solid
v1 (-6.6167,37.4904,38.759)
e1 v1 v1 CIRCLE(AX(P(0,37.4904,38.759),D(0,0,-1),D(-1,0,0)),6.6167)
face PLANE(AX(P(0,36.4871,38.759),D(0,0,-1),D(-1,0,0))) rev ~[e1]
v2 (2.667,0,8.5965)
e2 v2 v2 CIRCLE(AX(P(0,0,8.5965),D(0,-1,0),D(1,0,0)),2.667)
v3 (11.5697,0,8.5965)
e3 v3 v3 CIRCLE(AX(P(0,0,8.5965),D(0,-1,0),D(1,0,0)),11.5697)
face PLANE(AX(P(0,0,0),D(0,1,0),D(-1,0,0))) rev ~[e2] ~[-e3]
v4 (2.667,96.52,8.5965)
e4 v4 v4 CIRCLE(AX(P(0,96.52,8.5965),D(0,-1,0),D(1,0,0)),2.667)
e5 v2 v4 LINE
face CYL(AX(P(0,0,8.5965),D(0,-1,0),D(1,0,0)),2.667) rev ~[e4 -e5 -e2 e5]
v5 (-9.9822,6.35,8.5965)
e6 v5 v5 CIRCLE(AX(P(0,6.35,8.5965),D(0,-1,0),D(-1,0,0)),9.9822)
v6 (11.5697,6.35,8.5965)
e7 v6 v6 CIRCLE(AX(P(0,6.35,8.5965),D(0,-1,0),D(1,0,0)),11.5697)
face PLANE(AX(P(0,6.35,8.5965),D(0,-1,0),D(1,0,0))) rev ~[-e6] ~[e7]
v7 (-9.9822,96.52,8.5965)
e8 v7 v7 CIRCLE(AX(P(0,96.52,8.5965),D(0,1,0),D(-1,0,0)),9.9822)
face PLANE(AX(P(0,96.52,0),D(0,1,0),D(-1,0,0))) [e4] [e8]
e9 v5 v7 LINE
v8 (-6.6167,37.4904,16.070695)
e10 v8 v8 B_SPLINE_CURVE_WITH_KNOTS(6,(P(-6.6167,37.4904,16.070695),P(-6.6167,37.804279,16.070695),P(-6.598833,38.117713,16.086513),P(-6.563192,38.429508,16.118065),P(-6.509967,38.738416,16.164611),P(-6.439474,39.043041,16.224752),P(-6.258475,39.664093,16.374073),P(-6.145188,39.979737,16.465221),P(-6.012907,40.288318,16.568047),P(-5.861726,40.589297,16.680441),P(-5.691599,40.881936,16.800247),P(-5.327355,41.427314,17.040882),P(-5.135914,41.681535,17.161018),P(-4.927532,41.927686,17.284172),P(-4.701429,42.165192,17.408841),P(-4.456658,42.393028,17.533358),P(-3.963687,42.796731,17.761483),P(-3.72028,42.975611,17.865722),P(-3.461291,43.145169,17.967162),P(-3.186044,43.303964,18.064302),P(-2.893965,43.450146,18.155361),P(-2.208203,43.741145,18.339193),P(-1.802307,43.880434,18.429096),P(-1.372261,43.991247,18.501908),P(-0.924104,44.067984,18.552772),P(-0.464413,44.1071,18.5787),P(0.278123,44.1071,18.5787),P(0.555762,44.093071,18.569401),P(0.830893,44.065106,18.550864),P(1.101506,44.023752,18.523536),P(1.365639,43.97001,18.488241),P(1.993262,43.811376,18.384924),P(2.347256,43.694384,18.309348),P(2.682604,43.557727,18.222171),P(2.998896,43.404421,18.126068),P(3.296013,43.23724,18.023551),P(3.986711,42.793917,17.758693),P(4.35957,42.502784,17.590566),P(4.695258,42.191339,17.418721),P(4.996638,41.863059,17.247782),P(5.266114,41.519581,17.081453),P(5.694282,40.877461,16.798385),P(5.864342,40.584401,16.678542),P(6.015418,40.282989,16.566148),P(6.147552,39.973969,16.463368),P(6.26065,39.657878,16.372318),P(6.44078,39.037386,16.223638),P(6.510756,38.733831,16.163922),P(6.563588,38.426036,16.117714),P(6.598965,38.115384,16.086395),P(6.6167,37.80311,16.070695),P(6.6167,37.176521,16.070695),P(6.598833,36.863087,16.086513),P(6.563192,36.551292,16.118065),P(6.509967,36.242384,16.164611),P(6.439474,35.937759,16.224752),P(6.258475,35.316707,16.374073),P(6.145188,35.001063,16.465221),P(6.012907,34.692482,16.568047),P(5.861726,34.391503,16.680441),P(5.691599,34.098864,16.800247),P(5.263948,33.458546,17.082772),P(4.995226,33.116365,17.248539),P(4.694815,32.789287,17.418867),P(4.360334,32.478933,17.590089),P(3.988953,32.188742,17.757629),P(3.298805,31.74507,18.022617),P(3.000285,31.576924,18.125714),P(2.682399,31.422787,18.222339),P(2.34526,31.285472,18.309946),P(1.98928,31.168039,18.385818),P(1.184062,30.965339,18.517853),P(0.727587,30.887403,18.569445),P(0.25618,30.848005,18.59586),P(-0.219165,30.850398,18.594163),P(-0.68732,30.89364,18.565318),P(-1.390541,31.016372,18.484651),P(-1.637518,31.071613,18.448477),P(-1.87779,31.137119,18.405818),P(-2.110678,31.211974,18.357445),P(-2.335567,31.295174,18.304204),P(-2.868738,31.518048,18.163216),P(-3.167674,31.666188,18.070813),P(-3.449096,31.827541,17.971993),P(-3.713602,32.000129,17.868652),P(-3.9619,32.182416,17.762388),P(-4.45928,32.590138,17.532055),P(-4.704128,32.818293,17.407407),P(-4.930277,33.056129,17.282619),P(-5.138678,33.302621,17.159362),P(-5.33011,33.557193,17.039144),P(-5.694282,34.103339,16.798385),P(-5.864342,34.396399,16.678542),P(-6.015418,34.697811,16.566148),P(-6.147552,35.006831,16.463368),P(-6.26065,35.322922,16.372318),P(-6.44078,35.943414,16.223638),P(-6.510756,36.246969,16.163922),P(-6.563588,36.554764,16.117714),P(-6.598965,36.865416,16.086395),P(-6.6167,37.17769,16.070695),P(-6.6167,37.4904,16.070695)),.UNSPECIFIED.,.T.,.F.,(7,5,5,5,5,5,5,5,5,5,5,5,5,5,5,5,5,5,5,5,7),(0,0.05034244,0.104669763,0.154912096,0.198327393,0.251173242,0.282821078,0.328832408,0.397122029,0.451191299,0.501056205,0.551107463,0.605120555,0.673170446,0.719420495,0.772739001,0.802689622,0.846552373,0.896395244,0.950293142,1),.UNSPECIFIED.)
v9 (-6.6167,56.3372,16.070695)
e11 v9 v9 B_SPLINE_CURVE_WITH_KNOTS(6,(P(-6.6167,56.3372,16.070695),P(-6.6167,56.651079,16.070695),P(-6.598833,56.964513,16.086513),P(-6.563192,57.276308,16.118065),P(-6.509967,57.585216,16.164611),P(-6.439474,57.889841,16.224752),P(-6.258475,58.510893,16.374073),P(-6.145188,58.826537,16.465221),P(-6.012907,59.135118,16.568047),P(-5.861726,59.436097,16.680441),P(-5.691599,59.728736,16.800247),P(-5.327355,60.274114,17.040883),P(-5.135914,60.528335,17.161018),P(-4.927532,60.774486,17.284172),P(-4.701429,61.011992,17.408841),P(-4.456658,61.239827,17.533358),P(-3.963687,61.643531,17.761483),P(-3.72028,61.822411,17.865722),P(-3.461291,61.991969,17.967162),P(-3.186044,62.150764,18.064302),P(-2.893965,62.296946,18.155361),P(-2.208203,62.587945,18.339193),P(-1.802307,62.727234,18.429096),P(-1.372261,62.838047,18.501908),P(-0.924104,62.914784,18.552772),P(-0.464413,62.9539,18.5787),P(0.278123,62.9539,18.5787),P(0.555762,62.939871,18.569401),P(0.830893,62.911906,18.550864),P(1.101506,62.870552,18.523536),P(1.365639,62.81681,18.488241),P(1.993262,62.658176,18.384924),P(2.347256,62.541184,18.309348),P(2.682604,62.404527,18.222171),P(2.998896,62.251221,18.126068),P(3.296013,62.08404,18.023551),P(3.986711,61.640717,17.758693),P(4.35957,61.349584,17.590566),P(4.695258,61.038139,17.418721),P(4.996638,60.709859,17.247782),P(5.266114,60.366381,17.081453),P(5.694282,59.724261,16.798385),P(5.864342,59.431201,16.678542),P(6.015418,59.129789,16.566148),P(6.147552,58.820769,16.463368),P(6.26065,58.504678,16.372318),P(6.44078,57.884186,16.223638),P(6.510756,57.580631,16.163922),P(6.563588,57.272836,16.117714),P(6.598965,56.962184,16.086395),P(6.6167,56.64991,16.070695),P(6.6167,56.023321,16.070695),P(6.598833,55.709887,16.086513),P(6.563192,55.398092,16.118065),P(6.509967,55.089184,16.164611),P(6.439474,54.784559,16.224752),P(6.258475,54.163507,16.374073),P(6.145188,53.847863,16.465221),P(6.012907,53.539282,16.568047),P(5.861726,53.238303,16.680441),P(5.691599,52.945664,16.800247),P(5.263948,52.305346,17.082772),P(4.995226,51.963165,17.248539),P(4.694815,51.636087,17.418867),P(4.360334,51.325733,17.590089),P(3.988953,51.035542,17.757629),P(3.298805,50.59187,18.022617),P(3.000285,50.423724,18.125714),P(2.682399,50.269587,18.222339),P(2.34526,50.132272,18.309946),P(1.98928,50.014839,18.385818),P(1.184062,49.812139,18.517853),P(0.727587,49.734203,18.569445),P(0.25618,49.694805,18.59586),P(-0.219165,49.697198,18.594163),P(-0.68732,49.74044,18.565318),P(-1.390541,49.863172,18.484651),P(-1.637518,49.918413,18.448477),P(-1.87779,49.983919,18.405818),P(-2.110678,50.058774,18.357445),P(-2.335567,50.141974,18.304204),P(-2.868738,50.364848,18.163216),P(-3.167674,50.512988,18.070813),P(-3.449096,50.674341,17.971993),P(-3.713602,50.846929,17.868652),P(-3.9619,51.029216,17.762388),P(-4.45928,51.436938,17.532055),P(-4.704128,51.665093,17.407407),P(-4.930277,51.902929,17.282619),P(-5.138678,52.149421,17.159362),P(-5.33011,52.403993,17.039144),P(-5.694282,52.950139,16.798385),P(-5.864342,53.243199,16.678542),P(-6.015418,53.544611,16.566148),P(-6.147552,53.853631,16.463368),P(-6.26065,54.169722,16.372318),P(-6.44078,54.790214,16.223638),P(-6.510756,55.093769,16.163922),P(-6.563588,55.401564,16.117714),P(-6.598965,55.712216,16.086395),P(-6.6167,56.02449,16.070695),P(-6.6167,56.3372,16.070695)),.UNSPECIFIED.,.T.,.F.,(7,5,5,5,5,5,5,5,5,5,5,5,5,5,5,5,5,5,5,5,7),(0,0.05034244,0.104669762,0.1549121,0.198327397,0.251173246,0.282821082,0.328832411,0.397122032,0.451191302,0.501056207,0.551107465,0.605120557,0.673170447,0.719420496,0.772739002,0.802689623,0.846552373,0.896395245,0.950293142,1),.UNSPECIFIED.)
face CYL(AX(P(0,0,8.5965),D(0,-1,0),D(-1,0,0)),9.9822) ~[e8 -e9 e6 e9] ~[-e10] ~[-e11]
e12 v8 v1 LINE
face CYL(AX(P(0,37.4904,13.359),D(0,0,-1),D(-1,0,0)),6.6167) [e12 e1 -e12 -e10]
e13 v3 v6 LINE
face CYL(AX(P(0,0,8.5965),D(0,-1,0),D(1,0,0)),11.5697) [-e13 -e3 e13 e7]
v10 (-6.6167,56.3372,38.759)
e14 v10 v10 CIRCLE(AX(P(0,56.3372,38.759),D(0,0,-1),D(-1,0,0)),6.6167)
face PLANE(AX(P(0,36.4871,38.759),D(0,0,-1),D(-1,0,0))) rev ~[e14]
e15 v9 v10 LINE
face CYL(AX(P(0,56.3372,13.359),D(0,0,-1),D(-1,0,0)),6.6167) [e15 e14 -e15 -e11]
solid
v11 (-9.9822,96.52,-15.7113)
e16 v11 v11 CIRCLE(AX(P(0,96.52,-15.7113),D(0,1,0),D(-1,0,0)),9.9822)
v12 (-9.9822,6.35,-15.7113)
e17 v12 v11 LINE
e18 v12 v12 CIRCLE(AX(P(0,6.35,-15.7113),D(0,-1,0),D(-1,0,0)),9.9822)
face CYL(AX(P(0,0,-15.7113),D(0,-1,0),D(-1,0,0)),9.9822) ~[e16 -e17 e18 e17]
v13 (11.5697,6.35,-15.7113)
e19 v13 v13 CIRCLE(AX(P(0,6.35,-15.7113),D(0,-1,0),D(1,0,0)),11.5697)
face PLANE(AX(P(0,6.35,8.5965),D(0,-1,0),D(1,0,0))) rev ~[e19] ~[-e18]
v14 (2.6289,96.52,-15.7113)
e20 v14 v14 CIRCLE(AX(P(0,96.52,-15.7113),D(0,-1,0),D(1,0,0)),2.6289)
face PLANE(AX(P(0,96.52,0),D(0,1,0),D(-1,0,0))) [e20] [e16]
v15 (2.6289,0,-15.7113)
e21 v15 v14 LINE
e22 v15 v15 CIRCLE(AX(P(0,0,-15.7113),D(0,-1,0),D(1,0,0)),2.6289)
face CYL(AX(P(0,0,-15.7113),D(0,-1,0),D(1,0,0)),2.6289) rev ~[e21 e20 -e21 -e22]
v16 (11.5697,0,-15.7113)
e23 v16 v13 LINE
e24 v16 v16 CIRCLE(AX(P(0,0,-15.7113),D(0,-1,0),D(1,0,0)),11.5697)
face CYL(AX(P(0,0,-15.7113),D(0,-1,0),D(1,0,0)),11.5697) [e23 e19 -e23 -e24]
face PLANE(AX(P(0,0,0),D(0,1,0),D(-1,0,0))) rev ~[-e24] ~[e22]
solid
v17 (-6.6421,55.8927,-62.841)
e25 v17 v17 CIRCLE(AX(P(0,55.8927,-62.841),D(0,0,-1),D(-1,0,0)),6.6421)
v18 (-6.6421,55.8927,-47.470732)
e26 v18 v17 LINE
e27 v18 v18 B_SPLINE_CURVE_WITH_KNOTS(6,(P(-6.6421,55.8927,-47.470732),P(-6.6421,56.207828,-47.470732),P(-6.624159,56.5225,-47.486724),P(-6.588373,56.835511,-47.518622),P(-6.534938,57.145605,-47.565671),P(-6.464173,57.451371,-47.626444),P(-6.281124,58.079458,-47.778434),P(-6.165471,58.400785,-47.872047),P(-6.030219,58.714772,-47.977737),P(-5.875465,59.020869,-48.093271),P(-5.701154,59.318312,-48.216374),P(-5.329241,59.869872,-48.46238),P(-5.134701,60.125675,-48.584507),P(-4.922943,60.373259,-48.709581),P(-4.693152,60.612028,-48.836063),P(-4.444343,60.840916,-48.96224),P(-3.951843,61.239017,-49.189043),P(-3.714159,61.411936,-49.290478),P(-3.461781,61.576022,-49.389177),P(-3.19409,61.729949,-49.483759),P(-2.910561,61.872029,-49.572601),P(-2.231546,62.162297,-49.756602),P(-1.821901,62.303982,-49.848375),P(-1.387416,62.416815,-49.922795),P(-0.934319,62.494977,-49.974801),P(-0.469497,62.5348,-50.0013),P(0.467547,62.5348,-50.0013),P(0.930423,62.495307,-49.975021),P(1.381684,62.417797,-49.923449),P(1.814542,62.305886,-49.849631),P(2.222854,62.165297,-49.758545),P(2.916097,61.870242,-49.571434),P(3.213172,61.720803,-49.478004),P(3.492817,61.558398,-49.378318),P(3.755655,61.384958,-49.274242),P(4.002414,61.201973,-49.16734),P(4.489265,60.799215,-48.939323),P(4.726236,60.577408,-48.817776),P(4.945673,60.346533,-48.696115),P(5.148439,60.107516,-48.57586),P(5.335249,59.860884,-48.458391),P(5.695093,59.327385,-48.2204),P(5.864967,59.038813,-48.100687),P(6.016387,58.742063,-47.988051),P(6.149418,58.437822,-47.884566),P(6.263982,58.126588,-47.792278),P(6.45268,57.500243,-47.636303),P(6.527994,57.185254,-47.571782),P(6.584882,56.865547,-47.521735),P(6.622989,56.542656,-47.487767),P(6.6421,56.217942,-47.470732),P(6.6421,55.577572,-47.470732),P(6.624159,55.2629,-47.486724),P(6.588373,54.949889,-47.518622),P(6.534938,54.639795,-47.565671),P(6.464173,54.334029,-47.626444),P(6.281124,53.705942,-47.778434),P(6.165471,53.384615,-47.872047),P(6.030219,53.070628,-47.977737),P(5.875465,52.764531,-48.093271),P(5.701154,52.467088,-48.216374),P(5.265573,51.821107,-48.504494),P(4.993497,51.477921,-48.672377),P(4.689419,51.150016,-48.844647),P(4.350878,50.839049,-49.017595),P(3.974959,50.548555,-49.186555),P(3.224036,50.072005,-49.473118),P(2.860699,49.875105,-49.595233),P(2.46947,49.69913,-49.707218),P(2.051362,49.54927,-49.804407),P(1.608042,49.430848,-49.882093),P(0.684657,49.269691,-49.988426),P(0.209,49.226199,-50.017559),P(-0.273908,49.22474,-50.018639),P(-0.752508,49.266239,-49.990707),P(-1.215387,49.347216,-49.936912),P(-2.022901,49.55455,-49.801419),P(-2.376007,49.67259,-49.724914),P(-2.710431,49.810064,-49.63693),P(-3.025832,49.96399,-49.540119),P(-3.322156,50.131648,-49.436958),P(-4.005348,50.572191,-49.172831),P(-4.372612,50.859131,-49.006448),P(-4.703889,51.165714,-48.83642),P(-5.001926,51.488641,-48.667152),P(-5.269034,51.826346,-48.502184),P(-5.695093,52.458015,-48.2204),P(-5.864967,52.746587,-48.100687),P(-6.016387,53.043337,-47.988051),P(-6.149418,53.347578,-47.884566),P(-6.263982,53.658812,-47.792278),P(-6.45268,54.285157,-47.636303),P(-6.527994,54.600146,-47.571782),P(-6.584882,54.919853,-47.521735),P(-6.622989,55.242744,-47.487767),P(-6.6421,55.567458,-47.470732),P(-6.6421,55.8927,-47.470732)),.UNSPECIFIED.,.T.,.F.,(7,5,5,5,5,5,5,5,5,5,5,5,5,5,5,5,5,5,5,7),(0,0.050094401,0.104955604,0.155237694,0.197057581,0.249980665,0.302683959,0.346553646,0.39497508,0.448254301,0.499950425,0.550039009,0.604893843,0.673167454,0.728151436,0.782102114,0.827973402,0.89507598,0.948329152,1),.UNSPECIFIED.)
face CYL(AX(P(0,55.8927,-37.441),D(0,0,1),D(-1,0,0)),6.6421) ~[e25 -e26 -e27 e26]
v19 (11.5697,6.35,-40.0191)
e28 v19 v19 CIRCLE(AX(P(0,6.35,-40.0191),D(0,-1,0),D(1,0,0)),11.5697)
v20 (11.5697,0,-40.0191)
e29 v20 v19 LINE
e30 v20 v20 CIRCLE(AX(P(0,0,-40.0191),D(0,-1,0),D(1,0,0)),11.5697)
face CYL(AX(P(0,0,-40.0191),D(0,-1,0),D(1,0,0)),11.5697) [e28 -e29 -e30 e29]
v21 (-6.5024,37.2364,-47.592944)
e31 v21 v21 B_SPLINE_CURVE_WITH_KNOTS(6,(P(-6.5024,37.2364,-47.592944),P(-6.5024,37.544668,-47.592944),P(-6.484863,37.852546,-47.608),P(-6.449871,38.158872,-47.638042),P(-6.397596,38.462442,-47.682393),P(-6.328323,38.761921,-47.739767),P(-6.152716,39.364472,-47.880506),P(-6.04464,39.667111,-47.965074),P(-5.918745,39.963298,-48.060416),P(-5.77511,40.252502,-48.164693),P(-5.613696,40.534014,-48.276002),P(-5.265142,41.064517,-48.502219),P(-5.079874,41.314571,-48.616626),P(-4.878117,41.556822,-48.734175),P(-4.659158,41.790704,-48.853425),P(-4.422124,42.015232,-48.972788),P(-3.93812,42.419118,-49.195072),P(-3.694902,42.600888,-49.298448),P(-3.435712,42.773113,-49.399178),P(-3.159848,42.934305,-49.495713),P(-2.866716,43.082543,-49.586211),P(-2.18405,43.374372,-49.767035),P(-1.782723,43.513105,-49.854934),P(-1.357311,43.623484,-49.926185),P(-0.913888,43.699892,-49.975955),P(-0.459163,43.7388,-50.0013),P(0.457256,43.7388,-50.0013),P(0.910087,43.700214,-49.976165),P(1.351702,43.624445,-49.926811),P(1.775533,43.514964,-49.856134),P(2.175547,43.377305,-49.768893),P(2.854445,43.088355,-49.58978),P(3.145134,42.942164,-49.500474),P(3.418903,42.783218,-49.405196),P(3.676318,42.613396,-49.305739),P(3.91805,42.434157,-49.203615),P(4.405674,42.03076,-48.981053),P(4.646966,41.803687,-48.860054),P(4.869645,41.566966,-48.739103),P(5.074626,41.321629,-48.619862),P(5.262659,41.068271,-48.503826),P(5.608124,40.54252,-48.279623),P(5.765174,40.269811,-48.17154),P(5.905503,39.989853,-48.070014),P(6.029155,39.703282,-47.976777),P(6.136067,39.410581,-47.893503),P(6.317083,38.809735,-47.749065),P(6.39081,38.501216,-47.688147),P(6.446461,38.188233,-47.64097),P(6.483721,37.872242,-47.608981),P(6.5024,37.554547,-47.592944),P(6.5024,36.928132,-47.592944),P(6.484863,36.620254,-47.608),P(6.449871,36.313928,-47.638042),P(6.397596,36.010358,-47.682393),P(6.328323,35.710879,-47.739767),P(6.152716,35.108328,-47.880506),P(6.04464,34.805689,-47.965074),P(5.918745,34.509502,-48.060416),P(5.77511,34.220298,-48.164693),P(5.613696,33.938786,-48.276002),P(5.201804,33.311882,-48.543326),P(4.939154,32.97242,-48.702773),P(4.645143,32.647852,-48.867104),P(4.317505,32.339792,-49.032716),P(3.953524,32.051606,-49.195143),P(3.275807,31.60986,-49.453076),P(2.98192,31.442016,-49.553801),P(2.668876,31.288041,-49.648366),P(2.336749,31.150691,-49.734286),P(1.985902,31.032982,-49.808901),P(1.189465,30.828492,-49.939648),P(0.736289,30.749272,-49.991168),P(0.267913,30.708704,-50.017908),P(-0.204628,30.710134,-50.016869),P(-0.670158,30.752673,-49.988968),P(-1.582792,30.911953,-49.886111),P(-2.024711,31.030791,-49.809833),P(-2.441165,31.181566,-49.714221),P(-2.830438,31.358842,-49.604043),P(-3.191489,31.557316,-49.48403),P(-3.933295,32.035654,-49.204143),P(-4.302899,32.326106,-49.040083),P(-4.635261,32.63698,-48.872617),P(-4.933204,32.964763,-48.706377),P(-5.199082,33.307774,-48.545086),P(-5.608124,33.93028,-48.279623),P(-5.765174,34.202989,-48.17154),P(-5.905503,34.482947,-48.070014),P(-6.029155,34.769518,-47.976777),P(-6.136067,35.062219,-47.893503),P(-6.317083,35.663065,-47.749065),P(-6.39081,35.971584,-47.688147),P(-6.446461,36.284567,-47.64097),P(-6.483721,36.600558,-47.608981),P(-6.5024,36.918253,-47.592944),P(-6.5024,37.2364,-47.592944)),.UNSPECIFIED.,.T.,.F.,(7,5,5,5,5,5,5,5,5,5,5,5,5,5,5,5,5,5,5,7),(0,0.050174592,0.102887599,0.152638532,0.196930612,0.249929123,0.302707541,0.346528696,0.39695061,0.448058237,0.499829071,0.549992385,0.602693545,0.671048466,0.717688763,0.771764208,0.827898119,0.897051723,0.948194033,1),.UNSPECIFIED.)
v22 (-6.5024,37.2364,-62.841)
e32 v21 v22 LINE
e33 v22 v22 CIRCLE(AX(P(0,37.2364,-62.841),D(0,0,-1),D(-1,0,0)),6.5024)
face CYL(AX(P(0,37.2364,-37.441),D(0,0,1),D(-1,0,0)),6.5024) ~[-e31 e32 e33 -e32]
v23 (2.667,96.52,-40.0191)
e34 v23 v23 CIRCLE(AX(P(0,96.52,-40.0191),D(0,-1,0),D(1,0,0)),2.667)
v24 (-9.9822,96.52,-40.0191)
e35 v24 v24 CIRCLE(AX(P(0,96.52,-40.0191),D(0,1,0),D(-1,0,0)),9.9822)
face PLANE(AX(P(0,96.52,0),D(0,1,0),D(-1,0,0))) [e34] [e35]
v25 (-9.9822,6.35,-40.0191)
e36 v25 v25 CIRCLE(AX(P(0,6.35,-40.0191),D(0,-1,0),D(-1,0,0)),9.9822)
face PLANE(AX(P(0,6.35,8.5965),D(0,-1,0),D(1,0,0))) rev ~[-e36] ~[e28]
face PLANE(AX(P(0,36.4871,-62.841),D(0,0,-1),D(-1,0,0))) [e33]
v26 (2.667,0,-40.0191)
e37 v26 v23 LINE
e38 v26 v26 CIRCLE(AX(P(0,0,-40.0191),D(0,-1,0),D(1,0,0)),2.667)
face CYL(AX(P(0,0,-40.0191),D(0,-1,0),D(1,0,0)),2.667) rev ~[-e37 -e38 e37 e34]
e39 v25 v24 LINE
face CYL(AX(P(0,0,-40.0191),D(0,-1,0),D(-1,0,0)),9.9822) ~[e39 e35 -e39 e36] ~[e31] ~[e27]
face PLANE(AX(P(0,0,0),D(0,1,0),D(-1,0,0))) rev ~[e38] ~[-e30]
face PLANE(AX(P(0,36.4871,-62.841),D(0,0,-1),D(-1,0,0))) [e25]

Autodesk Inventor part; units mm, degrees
ref_plane "YZ Plane" through (0, 0, 0) normal (1, 0, 0) x (0, 1, 0)
sketch "Sketch1" plane through (0, 0, 0) normal (0, 1, 0) x (-1, 0, 0)
  circle A0 centre (0, 8.5965) radius 9.9822
  circle A1 centre (0, -40.0191) radius 9.9822
  circle A2 centre (0, -15.7113) radius 9.9822
  point P0 (0, 0)
  dimension "d0" = 19.9644
  dimension "d2" = 19.9644
  dimension "d4" = 19.9644
extrude "Extrusion1" add sketch "Sketch1" along normal blind 96.52
ref_plane "Work Plane1" through (0, 48.26, -15.7113) normal (0, 1, 0) x (1, 0, 0)
ref_plane "Work Plane2" through (0, 96.52, 8.5965) normal (-1, 0, 0) x (0, 1, 0)
sketch "Sketch2" plane through (0, 96.52, 8.5965) normal (-1, 0, 0) x (0, 1, 0)
  line L0 (-66.6496, -34.925) -> (-66.6496, 3.175)
  line L1 (-66.6496, 3.175) -> (-34.5694, 3.175)
  line L2 (-34.5694, 3.175) -> (-34.5694, -34.925)
  line L3 (-96.52, -9.9822) -> (-96.52, 9.9822) projected
  line L4 (-34.5694, -34.925) -> (-47.8028, -34.925)
  line L5 (-47.8028, -34.925) -> (-47.8028, -1.5875)
  line L6 (-47.8028, -1.5875) -> (-34.5694, -1.5875)
  line L7 (-34.5694, -1.5875) -> (-34.5694, -34.925)
  line L8 (-66.6496, -34.925) -> (-53.4162, -34.925)
  line L9 (-53.4162, -34.925) -> (-53.4162, 4.7625)
  line L10 (-53.4162, 4.7625) -> (-66.6496, 4.7625)
  line L11 (-66.6496, 4.7625) -> (-66.6496, -34.925)
  line L12 (-34.5694, -34.925) -> (-47.8028, -34.925)
  line L13 (-53.4162, -34.925) -> (-66.6496, -34.925)
  line L14 (-60.0329, -34.925) -> (-60.0329, -4.7625)
  line L15 (-60.0329, -34.925) -> (-29.8704, -34.925) construction
  line L16 (-41.1861, -34.925) -> (-41.1861, -1.5875)
  point P0 (-96.52, 8.5965)
  dimension "d7" = 32.0802
  dimension "d8" = 29.8704
  dimension "d9" = 13.2334
  dimension "d10" = 13.2334
  dimension "d11" = 90
ref_plane "Work Plane3" through (0, 36.4871, 13.359) normal (0, 1, 0) x (-1, 0, 0)
ref_plane "Work Plane4" through (0, 36.4871, 13.359) normal (0, 0, -1) x (-1, 0, 0)
sketch "Sketch3" plane through (0, 36.4871, 13.359) normal (0, 0, -1) x (-1, 0, 0)
  circle A0 centre (0, 19.8501) radius 6.6167
  circle A1 centre (0, 1.0033) radius 6.6167
  line L0 (9.9822, -36.4871) -> (-9.9822, -36.4871) projected
  point P0 (0, -36.4871)
  dimension "d12" = 13.2334
  dimension "d13" = 13.2334
  dimension "d14" = 18.8468
  dimension "d15" = 37.4904
extrude "Extrusion2" add sketch "Sketch3" against normal blind 25.4
ref_plane "Work Plane5" through (0, 36.4871, -37.441) normal (0, 0, -1) x (-1, 0, 0)
sketch "Sketch4" plane through (0, 36.4871, -37.441) normal (0, 0, -1) x (-1, 0, 0)
  circle A0 centre (0, 0.7493) radius 6.5024
  line L0 (9.9822, -36.4871) -> (-9.9822, -36.4871) projected
  circle A1 centre (0, 19.4056) radius 6.6421
  point P0 (0, -36.4871)
  dimension "d19" = 13.0048
  dimension "d20" = 37.2364
  dimension "d21" = 13.2842
  dimension "d22" = 18.6563
extrude "Extrusion3" add sketch "Sketch4" along normal blind 25.4
sketch "Sketch5" plane through (0, 36.4871, 13.359) normal (0, 1, 0) x (-1, 0, 0)
  line L0 (-39.8014, 49.0087) -> (-32.7742, 49.0087) construction
  line L1 (-32.7742, 49.0087) -> (-32.7742, 45.7532) construction
  line L2 (-32.7742, 45.7532) -> (-39.8014, 45.7532) construction
  line L3 (-39.8014, 45.7532) -> (-39.8014, 49.0087) construction
  point P0 (0, -13.359)
sketch "Sketch6" plane through (0, 96.52, 8.5965) normal (-1, 0, 0) x (0, 1, 0)
  line L0 (-90.4372, -13.4088) -> (-78.4506, -13.4088) construction
  line L1 (-78.4506, -13.4088) -> (-78.4506, -32.5517) construction
  line L2 (-78.4506, -32.5517) -> (-90.4372, -32.5517) construction
  line L3 (-90.4372, -32.5517) -> (-90.4372, -13.4088) construction
  line L4 (-99.2622, 70.1776) -> (-82.6777, 70.1776) construction
  line L5 (-82.6777, 70.1776) -> (-82.6777, 48.1001) construction
  line L6 (-82.6777, 48.1001) -> (-99.2622, 48.1001) construction
  line L7 (-99.2622, 48.1001) -> (-99.2622, 70.1776) construction
  point P0 (-96.52, 8.5965)
sketch "Sketch7" plane through (0, 0, 8.5965) normal (0, -1, 0) x (1, 0, 0)
  circle A0 centre (0, 0) radius 11.5697
  circle A1 centre (0, -48.6156) radius 9.9822 projected
  circle A2 centre (0, -48.6156) radius 11.5697
  circle A3 centre (0, -24.3078) radius 9.9822 projected
  circle A4 centre (0, -24.3078) radius 11.5697
  point P0 (0, -8.5965)
  dimension "d25" = 23.1394
  dimension "d26" = 23.1394
  dimension "d27" = 23.1394
extrude "Extrusion4" add sketch "Sketch7" against normal blind 6.35 contours A0 | A1 | A2 | A3 | A4
sketch "Sketch8" plane through (0, 0, -15.7113) normal (0, -1, 0) x (1, 0, 0)
  circle A0 centre (0, 24.3078) radius 9.9822 projected
  circle A1 centre (0, 24.3078) radius 11.5697 projected
  circle A2 centre (0, 0) radius 9.9822 projected
  circle A3 centre (0, -24.3078) radius 9.9822 projected
  circle A4 centre (0, -24.3078) radius 2.667
  circle A5 centre (0, 0) radius 2.6289
  circle A6 centre (0, 24.3078) radius 2.667
  point P0 (0, 15.7113)
  dimension "d30" = 5.334
  dimension "d31" = 5.2578
  dimension "d32" = 5.334
extrude "Extrusion5" cut sketch "Sketch8" against normal through all contours A4 | A5 | A6
properties part number "Valves" material "Brass, Soft Yellow"
